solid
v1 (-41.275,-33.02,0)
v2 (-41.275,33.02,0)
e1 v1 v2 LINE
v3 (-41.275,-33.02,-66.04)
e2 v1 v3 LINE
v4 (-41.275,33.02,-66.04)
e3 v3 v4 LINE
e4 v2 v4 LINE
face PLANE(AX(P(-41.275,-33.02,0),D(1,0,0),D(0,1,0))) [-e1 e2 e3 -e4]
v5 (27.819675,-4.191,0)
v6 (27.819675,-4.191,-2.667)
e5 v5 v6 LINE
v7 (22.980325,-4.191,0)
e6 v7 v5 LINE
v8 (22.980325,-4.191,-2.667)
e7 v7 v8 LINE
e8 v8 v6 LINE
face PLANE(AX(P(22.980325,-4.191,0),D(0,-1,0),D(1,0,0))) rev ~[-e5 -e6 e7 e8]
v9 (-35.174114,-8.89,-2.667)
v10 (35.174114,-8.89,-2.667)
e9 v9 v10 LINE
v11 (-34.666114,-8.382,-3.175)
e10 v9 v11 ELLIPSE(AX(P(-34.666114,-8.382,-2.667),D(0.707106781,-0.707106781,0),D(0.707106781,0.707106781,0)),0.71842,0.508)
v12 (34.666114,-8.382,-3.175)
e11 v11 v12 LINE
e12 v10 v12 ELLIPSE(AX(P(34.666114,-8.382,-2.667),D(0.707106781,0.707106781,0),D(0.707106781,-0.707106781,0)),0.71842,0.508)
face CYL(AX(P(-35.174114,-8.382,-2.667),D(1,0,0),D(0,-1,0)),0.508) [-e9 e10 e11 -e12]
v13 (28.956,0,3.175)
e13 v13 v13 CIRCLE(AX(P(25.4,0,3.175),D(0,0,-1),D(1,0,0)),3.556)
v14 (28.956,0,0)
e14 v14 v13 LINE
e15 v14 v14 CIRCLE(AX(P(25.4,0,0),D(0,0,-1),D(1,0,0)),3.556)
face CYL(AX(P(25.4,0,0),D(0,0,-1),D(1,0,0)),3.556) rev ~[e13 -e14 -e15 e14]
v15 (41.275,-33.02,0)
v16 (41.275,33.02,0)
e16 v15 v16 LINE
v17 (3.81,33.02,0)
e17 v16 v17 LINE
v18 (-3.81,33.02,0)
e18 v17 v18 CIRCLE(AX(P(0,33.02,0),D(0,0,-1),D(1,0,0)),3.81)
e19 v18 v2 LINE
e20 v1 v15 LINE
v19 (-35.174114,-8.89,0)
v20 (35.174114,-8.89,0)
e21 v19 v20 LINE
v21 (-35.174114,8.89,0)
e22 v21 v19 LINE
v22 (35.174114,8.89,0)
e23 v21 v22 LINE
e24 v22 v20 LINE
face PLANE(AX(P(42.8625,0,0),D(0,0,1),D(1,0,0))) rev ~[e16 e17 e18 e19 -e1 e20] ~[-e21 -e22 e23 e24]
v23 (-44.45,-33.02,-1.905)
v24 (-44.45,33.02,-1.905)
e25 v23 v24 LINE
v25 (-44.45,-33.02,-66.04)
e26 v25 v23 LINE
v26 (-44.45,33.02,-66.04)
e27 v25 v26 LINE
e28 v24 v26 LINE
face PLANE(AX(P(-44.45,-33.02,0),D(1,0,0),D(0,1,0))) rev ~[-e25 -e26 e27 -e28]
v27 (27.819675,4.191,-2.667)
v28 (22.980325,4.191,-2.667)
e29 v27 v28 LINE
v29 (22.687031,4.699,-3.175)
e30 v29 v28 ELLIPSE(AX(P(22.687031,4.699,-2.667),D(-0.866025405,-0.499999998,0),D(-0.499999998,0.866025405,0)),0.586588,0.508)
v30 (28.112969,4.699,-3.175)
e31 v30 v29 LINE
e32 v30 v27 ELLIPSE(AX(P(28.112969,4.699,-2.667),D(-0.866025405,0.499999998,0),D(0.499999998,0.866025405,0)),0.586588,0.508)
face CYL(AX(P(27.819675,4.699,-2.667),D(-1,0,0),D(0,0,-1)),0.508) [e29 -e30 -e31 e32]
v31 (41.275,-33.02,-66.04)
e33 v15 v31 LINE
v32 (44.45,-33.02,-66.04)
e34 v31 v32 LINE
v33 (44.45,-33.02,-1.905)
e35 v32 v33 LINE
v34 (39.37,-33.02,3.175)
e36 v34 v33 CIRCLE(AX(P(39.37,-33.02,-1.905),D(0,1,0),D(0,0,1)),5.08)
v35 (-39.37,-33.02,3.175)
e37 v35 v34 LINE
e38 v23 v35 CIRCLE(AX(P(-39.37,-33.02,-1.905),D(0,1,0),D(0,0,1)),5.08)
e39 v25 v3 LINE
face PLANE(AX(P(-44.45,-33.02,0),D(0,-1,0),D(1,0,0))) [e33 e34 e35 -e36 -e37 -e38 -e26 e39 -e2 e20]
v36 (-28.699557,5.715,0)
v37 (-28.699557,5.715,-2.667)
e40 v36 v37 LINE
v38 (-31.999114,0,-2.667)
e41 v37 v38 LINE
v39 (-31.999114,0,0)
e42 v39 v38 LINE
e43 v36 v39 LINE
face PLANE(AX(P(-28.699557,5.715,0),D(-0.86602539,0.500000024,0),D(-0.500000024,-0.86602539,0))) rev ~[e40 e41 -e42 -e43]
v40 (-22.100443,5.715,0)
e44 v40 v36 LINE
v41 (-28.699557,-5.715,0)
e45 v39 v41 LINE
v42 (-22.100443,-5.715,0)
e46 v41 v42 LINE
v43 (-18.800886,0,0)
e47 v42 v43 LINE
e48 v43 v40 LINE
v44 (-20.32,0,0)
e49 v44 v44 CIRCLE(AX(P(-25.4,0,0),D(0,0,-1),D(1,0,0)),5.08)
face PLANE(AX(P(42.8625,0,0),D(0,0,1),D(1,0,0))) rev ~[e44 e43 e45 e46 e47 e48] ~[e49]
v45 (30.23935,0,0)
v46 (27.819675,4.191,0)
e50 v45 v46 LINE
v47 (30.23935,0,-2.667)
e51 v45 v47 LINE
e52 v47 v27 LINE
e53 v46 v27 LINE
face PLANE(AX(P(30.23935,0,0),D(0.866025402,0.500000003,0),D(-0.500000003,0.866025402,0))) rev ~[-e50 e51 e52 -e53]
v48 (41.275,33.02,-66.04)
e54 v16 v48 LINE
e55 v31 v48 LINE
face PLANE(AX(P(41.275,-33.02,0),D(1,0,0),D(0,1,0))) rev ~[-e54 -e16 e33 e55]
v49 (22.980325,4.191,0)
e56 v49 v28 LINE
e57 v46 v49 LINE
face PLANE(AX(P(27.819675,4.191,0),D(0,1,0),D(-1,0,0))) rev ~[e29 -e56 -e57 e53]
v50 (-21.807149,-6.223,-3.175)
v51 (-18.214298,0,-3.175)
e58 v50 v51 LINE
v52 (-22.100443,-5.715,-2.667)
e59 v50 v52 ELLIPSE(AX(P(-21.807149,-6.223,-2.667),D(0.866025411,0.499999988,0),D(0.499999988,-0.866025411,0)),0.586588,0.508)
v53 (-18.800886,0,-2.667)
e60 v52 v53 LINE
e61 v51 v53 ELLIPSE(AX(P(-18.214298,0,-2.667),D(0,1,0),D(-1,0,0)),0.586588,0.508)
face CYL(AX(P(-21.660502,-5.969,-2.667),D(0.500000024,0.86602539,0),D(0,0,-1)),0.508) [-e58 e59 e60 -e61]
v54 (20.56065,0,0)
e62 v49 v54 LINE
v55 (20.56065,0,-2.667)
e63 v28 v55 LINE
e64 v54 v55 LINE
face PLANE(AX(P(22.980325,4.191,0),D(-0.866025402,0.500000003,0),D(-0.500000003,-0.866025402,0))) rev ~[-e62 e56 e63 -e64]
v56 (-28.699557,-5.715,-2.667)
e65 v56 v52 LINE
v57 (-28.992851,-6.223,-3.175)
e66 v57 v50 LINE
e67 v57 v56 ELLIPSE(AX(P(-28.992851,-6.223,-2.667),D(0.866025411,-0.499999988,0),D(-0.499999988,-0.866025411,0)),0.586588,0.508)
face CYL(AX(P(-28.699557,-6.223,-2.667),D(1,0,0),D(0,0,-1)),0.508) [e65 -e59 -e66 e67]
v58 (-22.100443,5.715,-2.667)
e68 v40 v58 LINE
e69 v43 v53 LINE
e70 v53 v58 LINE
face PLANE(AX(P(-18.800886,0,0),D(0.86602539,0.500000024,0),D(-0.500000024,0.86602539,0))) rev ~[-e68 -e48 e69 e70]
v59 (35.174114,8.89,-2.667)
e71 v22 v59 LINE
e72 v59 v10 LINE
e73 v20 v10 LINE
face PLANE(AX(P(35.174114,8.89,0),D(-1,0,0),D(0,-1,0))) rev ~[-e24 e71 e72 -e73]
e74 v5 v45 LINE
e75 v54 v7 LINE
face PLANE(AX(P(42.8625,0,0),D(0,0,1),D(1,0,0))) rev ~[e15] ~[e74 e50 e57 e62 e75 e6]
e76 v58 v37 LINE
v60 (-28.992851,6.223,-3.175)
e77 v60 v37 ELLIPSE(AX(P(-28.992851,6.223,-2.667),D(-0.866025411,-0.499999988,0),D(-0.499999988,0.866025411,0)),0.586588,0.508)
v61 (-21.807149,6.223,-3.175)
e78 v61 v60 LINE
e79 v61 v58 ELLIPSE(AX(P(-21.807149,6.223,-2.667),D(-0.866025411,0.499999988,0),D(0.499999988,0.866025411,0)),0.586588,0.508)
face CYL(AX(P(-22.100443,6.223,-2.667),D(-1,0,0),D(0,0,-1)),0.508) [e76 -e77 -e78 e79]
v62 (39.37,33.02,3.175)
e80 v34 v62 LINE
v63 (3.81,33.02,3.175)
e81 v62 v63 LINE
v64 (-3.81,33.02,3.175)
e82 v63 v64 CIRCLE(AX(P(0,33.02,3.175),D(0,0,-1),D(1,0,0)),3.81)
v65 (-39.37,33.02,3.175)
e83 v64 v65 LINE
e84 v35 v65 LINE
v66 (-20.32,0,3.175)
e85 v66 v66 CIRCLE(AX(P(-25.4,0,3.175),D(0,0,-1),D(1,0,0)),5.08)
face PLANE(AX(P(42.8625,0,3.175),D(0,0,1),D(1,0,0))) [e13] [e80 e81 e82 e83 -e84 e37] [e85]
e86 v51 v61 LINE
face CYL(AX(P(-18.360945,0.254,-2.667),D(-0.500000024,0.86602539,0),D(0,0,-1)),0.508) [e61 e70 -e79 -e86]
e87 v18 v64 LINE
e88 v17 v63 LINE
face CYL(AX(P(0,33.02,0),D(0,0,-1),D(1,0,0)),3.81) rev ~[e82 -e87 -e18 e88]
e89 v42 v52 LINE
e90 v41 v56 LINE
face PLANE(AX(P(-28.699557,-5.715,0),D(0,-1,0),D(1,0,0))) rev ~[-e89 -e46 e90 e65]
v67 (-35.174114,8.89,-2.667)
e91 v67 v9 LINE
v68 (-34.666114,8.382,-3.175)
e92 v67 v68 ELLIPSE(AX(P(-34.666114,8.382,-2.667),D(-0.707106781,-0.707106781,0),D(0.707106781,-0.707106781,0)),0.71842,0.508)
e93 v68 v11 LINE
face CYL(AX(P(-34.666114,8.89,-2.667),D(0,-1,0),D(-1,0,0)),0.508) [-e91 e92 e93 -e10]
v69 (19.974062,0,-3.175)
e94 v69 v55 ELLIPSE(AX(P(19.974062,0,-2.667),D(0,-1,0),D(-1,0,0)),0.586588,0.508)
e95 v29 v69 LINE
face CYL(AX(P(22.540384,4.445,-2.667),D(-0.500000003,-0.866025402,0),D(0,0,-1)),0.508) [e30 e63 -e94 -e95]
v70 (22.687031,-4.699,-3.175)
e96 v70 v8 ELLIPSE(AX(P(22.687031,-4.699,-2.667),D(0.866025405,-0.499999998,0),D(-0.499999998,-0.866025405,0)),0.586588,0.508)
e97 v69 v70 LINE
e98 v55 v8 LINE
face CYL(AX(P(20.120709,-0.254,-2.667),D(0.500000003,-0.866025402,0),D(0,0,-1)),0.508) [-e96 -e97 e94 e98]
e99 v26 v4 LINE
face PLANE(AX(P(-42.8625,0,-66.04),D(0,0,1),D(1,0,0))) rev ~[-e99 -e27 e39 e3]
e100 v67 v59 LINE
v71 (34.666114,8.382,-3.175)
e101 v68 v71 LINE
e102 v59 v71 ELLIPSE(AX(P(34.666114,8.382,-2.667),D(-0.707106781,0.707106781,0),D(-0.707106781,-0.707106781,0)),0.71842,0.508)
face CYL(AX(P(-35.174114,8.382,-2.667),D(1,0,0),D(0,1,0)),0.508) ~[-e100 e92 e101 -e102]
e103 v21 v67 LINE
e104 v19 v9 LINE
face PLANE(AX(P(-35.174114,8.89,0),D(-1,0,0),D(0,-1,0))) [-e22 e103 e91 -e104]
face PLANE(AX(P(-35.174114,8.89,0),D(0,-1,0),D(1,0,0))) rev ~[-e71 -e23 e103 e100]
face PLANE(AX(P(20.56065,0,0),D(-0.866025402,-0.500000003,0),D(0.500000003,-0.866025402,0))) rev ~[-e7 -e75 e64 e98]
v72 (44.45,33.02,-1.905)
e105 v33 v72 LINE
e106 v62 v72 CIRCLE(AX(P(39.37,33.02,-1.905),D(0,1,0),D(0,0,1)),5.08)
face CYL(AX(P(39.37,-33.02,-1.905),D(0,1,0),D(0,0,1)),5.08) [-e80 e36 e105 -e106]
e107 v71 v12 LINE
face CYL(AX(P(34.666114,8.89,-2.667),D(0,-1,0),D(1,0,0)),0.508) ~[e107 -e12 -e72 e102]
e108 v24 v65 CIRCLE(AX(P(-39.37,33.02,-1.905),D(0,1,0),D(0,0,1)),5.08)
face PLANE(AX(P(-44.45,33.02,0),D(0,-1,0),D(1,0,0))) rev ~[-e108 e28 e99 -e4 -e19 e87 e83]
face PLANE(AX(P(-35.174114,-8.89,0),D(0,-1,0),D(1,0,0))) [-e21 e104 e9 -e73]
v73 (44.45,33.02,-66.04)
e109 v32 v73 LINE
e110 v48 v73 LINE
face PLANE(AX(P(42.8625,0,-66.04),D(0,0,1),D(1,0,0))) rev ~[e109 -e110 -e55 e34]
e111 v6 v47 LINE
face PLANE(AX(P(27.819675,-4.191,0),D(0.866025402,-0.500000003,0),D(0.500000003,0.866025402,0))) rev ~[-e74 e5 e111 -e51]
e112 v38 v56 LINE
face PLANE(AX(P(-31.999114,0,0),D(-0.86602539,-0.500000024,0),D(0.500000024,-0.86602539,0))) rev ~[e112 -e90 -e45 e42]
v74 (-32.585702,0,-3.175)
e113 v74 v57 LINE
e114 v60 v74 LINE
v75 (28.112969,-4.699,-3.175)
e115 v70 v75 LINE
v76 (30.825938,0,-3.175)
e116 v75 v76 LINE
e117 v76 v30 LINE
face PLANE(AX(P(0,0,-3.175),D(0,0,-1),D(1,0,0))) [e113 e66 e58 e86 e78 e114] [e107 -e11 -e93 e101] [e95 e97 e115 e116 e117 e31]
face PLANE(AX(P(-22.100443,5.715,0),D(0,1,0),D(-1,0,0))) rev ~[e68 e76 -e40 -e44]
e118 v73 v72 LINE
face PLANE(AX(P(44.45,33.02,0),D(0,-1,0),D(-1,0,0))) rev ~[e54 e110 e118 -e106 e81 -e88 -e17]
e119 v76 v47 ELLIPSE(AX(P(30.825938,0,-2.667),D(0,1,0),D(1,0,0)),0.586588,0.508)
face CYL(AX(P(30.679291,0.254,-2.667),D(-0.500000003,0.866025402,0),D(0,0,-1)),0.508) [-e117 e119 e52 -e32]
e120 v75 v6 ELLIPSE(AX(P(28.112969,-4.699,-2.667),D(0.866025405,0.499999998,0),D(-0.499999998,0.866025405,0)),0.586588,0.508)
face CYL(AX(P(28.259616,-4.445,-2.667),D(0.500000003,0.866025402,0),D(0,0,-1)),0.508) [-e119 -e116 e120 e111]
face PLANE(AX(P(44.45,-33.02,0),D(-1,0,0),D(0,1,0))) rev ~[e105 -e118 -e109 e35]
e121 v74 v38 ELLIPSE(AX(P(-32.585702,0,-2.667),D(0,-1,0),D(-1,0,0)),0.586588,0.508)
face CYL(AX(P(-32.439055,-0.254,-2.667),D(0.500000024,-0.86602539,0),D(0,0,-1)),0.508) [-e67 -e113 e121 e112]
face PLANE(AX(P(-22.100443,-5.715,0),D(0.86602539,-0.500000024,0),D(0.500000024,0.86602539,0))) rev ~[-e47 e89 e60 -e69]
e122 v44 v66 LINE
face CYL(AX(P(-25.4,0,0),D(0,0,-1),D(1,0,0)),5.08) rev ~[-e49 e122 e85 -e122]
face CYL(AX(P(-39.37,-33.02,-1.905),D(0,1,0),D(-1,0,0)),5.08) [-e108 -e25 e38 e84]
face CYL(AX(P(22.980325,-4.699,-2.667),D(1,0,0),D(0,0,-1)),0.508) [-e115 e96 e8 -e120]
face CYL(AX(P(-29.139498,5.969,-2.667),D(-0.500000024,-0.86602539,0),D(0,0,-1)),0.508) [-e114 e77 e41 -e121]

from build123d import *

# Parameters (mm, degrees)
F0_W     = 3.175
F0_H     = 66.04
F1_DEPTH = 3.175
F2_DEPTH = 66.04
F3_R     = 5.08
F4_W     = 70.348228
F4_H     = 17.78
F5_DEPTH = 3.175
F4_R     = 5.08
F4_R_2   = 3.556
F6_DEPTH = 25.4
F7_R     = 0.508


with BuildPart() as f1:
    # F0 (on Top) → F1 (new body)
    with BuildSketch(Plane.XY):
        with Locations((42.8625, 0)):
            Rectangle(F0_W, F0_H)
        with Locations((-42.8625, 0)):
            Rectangle(F0_W, F0_H)
        with BuildLine():
            Line((41.275, -33.02), (41.275, 33.02))
            Line((41.275, 33.02), (3.81, 33.02))
            ThreePointArc((3.81, 33.02), (0, 29.21), (-3.81, 33.02))
            Line((-3.81, 33.02), (-41.275, 33.02))
            Line((-41.275, 33.02), (-41.275, -33.02))
            Line((-41.275, -33.02), (41.275, -33.02))
        make_face()
    extrude(amount=F1_DEPTH)

    # F0 (on Top) → F2 (join)
    with BuildSketch(Plane.XY):
        with Locations((-42.8625, 0)):
            Rectangle(F0_W, F0_H)
        with Locations((42.8625, 0)):
            Rectangle(F0_W, F0_H)
    extrude(amount=-F2_DEPTH)

    # F3
    f3_edges = [f1.edges().sort_by_distance(p)[0] for p in [
        (-44.45, 0, 3.175),
        (44.45, 0, 3.175),
    ]]
    fillet(f3_edges, radius=F3_R)

    # F4 (on face) → F5 (join)
    with BuildSketch(Plane(origin=(0, 0, 0), x_dir=(1, 0, 0), z_dir=(0, 0, -1))):
        Rectangle(F4_W, F4_H)
        Polygon((-18.800886, 0), (-22.100443, -5.715), (-28.699557, -5.715), (-31.999114, 0), (-28.699557, 5.715), (-22.100443, 5.715), align=None, mode=Mode.SUBTRACT)
        Polygon((30.23935, 0), (27.819675, -4.191), (22.980325, -4.191), (20.56065, 0), (22.980325, 4.191), (27.819675, 4.191), align=None, mode=Mode.SUBTRACT)
    extrude(amount=F5_DEPTH)

    # F4 (on face) → F6 (cut)
    with BuildSketch(Plane(origin=(0, 0, 0), x_dir=(1, 0, 0), z_dir=(0, 0, -1))):
        with Locations((-25.4, 0)):
            Circle(F4_R)
        with Locations((25.4, 0)):
            Circle(F4_R_2)
    extrude(amount=-F6_DEPTH, mode=Mode.SUBTRACT)

    # F7
    f7_edges = [f1.edges().sort_by_distance(p)[0] for p in [
        (35.174114, 0, -3.175),
        (0, -8.89, -3.175),
        (-35.174114, 0, -3.175),
        (0, 8.89, -3.175),
        (-20.450665, 2.8575, -3.175),
        (-25.4, 5.715, -3.175),
        (-30.349335, 2.8575, -3.175),
        (-30.349335, -2.8575, -3.175),
        (-25.4, -5.715, -3.175),
        (-20.450665, -2.8575, -3.175),
        (29.029512, -2.0955, -3.175),
        (29.029512, 2.0955, -3.175),
        (25.4, 4.191, -3.175),
        (21.770488, 2.0955, -3.175),
        (21.770488, -2.0955, -3.175),
        (25.4, -4.191, -3.175),
    ]]
    fillet(f7_edges, radius=F7_R)


solid = f1.part
